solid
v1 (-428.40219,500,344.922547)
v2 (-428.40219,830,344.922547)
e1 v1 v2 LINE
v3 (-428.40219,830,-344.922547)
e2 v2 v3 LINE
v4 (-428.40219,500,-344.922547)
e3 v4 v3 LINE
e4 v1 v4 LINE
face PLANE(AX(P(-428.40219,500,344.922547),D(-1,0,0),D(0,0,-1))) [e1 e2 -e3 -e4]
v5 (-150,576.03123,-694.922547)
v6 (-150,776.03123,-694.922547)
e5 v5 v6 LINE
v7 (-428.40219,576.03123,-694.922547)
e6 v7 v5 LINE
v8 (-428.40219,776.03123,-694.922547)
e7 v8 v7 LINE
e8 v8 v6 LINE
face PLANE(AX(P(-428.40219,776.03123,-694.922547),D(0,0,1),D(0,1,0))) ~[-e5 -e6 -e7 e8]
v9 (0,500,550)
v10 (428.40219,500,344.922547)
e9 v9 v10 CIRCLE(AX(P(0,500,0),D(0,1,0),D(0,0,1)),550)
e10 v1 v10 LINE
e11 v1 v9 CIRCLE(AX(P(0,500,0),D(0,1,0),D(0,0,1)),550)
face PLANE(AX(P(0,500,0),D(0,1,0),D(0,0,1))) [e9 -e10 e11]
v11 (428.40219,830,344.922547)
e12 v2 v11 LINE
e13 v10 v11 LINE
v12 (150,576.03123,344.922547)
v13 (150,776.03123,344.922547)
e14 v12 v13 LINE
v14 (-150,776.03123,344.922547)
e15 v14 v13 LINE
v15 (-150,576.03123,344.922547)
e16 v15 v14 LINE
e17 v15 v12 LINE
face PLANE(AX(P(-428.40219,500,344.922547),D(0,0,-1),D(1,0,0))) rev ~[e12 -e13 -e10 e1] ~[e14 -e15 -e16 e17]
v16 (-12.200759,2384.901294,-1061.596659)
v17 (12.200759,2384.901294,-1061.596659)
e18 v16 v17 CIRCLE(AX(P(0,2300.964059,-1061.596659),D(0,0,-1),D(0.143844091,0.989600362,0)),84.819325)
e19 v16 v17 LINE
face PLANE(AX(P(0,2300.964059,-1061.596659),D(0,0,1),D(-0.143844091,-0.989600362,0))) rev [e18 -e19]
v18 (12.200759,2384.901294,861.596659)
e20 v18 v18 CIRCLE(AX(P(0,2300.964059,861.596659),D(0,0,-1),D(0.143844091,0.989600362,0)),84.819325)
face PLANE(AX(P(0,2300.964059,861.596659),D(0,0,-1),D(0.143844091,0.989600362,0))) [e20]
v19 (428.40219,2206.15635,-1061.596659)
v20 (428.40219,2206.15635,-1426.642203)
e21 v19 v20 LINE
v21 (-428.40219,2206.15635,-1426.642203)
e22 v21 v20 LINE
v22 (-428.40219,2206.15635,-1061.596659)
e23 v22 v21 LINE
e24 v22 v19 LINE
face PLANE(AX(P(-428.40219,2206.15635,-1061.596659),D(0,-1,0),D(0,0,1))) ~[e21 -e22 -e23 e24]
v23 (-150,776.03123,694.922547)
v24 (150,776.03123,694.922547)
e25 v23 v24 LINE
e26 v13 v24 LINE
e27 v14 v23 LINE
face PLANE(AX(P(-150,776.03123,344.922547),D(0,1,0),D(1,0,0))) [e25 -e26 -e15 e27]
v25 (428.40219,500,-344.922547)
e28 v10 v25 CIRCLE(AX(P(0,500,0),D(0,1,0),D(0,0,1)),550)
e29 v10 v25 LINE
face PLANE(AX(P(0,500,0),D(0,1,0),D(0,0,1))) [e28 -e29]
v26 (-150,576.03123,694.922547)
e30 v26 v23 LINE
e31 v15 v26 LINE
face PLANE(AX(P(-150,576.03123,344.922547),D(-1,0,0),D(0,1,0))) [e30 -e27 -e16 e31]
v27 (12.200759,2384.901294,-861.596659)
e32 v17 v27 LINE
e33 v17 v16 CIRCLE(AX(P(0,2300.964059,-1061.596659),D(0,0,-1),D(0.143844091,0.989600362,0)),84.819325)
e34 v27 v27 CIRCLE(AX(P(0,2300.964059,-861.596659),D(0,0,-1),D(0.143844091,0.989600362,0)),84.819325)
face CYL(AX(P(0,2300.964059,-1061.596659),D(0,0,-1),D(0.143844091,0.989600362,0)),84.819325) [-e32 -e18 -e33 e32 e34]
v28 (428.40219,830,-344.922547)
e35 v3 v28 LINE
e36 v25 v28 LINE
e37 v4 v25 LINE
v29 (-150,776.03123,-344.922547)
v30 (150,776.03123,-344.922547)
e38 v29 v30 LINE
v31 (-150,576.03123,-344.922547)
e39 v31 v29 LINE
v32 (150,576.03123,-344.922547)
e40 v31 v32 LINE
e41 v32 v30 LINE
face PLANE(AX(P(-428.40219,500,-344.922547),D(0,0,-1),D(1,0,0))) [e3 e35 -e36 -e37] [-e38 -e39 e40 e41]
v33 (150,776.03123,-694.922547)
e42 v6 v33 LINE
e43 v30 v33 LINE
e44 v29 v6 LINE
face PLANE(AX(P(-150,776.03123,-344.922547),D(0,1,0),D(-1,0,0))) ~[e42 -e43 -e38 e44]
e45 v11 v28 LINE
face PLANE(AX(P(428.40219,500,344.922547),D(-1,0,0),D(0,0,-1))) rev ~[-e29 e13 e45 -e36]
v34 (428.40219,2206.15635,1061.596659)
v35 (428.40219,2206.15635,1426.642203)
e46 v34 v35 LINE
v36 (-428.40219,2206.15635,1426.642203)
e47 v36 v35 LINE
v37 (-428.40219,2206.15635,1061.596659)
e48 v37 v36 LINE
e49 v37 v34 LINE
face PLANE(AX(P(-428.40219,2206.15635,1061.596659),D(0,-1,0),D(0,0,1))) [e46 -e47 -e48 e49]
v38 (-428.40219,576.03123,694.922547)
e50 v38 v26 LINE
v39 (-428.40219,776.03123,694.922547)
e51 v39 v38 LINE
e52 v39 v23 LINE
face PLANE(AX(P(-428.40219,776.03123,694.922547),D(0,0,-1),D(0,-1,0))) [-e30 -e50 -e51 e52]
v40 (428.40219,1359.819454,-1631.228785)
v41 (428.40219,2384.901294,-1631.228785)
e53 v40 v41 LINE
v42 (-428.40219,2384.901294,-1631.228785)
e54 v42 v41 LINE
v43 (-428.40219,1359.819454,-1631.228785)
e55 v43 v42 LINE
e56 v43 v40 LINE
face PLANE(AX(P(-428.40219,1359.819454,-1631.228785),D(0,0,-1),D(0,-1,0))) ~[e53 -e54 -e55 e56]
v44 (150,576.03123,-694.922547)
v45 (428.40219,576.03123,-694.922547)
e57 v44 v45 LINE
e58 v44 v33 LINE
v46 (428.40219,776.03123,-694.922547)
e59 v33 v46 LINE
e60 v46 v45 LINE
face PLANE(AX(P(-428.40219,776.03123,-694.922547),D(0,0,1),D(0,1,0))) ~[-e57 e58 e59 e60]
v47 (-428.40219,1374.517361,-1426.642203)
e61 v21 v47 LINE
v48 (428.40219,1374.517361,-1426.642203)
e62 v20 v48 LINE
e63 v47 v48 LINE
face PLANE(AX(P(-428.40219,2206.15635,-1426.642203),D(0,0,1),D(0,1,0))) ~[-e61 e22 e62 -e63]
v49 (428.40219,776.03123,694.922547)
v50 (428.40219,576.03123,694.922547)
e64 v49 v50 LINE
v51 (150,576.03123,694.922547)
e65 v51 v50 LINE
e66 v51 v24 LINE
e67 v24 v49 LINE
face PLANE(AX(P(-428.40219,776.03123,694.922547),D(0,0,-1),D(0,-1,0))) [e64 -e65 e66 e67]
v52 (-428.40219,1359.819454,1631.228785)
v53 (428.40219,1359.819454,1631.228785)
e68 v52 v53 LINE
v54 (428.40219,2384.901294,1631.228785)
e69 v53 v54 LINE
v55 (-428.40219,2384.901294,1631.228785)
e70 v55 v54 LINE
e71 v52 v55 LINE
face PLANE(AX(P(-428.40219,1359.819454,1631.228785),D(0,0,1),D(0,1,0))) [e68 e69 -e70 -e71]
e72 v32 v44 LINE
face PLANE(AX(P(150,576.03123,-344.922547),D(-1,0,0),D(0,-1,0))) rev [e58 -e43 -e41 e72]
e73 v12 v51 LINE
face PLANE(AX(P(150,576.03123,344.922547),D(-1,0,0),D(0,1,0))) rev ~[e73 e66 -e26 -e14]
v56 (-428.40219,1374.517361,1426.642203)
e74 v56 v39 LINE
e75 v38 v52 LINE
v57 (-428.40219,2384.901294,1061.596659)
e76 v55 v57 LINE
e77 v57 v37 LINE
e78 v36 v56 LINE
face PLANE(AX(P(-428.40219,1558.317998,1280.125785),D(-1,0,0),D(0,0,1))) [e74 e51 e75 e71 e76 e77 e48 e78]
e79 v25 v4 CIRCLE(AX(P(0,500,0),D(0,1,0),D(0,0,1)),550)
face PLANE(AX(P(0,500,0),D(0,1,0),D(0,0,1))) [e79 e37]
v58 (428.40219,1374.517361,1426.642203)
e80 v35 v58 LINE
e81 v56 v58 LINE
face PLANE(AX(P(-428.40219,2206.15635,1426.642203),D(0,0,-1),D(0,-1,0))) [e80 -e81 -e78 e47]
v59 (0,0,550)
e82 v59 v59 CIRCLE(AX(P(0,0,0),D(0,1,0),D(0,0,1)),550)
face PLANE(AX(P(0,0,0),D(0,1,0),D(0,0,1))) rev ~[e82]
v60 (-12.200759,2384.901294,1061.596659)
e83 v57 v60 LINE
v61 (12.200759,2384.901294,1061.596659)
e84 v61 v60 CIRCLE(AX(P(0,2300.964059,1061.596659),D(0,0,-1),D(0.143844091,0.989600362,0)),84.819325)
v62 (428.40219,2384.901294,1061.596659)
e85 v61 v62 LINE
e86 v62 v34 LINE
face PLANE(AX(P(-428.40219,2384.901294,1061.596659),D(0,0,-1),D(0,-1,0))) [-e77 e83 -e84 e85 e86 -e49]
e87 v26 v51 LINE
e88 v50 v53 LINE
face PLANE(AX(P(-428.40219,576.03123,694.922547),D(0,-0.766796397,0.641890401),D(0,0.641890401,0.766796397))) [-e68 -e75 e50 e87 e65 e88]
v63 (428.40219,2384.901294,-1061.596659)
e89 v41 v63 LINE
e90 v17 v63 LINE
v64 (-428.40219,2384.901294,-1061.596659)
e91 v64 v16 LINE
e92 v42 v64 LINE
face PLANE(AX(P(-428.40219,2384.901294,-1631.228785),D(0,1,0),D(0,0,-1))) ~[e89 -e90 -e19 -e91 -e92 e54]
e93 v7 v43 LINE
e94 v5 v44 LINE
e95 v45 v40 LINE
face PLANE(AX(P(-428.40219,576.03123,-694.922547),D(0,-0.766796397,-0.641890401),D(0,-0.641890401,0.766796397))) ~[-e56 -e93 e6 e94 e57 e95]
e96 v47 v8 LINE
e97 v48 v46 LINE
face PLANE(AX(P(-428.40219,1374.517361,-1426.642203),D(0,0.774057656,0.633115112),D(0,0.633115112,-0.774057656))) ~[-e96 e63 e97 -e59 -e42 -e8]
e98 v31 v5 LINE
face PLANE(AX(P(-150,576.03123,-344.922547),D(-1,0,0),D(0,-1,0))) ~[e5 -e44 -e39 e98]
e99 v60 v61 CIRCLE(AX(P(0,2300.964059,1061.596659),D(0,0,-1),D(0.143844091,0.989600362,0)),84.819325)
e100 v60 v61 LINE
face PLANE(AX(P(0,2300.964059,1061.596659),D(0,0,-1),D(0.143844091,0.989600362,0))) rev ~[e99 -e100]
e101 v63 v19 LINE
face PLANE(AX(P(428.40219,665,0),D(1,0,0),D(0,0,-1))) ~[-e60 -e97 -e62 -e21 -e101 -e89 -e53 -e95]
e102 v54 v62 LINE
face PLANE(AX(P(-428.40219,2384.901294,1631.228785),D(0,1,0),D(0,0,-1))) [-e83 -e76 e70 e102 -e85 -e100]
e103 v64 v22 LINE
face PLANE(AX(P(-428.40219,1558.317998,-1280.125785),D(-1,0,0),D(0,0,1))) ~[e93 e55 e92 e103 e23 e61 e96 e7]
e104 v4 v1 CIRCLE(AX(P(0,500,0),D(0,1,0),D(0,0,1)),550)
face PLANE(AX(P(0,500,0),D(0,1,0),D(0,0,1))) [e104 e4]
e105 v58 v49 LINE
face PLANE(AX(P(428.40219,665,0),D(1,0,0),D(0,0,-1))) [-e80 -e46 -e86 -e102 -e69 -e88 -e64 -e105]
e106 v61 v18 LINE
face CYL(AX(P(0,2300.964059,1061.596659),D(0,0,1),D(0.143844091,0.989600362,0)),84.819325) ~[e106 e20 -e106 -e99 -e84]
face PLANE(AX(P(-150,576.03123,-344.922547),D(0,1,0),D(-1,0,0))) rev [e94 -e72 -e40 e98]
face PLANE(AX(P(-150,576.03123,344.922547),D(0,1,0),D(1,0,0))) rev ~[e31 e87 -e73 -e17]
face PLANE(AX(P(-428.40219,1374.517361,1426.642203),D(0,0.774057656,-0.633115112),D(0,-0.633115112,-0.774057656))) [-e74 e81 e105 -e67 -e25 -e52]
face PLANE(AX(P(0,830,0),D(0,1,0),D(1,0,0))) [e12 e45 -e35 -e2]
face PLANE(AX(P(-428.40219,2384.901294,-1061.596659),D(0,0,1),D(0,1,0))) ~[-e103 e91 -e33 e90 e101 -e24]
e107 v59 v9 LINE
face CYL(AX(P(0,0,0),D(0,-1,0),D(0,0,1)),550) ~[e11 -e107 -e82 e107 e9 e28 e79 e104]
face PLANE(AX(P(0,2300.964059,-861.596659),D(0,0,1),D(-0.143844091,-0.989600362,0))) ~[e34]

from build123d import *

# Parameters (mm, degrees)
SKETCH1_R                     = 550
BASE_DEPTH                    = 500
SKETCH2_W                     = 856.804380184
SKETCH2_H                     = 689.845094276
ARM_CONNECTION_POINT_DEPTH    = 330
SKETCH3_W                     = 300
SKETCH3_H                     = 200
ARM_BASE_DEPTH                = 350
ARM_REACH                     = 1461.14
SKETCH5_R                     = 84.81932495
ARM_CONNECTION_TO_LIGHT_DEPTH = 200


with BuildPart() as part:
    # Sketch1 → Base (new body)
    with BuildSketch(Plane(origin=(0, 0, 0), x_dir=(1, 0, 0), z_dir=(0, 1, 0))):
        with Locations(Location((0, 0, 0), (0, 0, 270))):
            Circle(SKETCH1_R)
    extrude(amount=BASE_DEPTH)

    # Sketch2 → Arm Connection Point (add)
    with BuildSketch(Plane(origin=(0, 500, 0), x_dir=(1, 0, 0), z_dir=(0, 1, 0))):
        Rectangle(SKETCH2_W, SKETCH2_H)
    extrude(amount=ARM_CONNECTION_POINT_DEPTH)

    # Sketch3 → Arm Base (add)
    with BuildSketch(Plane.XY.offset(344.922547138)):
        with Locations((0, 676.031229805)):
            Rectangle(SKETCH3_W, SKETCH3_H)
    arm_base = extrude(amount=ARM_BASE_DEPTH)

    # Arm: up to this face of the body (flat: up to its plane)
    arm_end = Plane(part.part.faces().sort_by_distance((428.402190092, 665, 0))[0])
    # Sketch4 → Arm (add, up to the picked face)
    with BuildSketch(Plane.ZY.offset(428.402190092), mode=Mode.PRIVATE) as arm_sk1:
        Polygon((694.922547138, 776.031229805), (694.922547138, 576.031229805), (1631.228784508, 1359.819453712), (1631.228784508, 2384.901293654), (1061.596658622, 2384.901293654), (1061.596658622, 2206.156350413), (1426.64220319, 2206.156350413), (1426.64220319, 1374.517361044), align=None)
    arm_tool1 = split(extrude(arm_sk1.sketch, amount=-ARM_REACH, mode=Mode.PRIVATE), bisect_by=arm_end, keep=Keep.BOTH, mode=Mode.PRIVATE)
    arm = arm_tool1.solids().sort_by(Axis((-428.40219, 676.03123, 715.290857), (1, 0, 0)))[0]
    add(arm)

    # Mirror1: Arm Base, Arm across plane
    add(arm_base.mirror(Plane.XY))
    add(arm.mirror(Plane.XY))

    # Sketch5 → Arm Connection to Light (add)
    with BuildSketch(Plane(origin=(0, 0, 1061.596658622), x_dir=(-1, 0, 0), z_dir=(0, 0, -1))):
        with Locations(Location((0, 2300.964058939, 0), (0, 0, 98.270348808))):
            Circle(SKETCH5_R)
    arm_connection_to_light = extrude(amount=ARM_CONNECTION_TO_LIGHT_DEPTH)

    # Mirror2: Arm Connection to Light across plane
    add(arm_connection_to_light.mirror(Plane.XY))


solid = part.part
